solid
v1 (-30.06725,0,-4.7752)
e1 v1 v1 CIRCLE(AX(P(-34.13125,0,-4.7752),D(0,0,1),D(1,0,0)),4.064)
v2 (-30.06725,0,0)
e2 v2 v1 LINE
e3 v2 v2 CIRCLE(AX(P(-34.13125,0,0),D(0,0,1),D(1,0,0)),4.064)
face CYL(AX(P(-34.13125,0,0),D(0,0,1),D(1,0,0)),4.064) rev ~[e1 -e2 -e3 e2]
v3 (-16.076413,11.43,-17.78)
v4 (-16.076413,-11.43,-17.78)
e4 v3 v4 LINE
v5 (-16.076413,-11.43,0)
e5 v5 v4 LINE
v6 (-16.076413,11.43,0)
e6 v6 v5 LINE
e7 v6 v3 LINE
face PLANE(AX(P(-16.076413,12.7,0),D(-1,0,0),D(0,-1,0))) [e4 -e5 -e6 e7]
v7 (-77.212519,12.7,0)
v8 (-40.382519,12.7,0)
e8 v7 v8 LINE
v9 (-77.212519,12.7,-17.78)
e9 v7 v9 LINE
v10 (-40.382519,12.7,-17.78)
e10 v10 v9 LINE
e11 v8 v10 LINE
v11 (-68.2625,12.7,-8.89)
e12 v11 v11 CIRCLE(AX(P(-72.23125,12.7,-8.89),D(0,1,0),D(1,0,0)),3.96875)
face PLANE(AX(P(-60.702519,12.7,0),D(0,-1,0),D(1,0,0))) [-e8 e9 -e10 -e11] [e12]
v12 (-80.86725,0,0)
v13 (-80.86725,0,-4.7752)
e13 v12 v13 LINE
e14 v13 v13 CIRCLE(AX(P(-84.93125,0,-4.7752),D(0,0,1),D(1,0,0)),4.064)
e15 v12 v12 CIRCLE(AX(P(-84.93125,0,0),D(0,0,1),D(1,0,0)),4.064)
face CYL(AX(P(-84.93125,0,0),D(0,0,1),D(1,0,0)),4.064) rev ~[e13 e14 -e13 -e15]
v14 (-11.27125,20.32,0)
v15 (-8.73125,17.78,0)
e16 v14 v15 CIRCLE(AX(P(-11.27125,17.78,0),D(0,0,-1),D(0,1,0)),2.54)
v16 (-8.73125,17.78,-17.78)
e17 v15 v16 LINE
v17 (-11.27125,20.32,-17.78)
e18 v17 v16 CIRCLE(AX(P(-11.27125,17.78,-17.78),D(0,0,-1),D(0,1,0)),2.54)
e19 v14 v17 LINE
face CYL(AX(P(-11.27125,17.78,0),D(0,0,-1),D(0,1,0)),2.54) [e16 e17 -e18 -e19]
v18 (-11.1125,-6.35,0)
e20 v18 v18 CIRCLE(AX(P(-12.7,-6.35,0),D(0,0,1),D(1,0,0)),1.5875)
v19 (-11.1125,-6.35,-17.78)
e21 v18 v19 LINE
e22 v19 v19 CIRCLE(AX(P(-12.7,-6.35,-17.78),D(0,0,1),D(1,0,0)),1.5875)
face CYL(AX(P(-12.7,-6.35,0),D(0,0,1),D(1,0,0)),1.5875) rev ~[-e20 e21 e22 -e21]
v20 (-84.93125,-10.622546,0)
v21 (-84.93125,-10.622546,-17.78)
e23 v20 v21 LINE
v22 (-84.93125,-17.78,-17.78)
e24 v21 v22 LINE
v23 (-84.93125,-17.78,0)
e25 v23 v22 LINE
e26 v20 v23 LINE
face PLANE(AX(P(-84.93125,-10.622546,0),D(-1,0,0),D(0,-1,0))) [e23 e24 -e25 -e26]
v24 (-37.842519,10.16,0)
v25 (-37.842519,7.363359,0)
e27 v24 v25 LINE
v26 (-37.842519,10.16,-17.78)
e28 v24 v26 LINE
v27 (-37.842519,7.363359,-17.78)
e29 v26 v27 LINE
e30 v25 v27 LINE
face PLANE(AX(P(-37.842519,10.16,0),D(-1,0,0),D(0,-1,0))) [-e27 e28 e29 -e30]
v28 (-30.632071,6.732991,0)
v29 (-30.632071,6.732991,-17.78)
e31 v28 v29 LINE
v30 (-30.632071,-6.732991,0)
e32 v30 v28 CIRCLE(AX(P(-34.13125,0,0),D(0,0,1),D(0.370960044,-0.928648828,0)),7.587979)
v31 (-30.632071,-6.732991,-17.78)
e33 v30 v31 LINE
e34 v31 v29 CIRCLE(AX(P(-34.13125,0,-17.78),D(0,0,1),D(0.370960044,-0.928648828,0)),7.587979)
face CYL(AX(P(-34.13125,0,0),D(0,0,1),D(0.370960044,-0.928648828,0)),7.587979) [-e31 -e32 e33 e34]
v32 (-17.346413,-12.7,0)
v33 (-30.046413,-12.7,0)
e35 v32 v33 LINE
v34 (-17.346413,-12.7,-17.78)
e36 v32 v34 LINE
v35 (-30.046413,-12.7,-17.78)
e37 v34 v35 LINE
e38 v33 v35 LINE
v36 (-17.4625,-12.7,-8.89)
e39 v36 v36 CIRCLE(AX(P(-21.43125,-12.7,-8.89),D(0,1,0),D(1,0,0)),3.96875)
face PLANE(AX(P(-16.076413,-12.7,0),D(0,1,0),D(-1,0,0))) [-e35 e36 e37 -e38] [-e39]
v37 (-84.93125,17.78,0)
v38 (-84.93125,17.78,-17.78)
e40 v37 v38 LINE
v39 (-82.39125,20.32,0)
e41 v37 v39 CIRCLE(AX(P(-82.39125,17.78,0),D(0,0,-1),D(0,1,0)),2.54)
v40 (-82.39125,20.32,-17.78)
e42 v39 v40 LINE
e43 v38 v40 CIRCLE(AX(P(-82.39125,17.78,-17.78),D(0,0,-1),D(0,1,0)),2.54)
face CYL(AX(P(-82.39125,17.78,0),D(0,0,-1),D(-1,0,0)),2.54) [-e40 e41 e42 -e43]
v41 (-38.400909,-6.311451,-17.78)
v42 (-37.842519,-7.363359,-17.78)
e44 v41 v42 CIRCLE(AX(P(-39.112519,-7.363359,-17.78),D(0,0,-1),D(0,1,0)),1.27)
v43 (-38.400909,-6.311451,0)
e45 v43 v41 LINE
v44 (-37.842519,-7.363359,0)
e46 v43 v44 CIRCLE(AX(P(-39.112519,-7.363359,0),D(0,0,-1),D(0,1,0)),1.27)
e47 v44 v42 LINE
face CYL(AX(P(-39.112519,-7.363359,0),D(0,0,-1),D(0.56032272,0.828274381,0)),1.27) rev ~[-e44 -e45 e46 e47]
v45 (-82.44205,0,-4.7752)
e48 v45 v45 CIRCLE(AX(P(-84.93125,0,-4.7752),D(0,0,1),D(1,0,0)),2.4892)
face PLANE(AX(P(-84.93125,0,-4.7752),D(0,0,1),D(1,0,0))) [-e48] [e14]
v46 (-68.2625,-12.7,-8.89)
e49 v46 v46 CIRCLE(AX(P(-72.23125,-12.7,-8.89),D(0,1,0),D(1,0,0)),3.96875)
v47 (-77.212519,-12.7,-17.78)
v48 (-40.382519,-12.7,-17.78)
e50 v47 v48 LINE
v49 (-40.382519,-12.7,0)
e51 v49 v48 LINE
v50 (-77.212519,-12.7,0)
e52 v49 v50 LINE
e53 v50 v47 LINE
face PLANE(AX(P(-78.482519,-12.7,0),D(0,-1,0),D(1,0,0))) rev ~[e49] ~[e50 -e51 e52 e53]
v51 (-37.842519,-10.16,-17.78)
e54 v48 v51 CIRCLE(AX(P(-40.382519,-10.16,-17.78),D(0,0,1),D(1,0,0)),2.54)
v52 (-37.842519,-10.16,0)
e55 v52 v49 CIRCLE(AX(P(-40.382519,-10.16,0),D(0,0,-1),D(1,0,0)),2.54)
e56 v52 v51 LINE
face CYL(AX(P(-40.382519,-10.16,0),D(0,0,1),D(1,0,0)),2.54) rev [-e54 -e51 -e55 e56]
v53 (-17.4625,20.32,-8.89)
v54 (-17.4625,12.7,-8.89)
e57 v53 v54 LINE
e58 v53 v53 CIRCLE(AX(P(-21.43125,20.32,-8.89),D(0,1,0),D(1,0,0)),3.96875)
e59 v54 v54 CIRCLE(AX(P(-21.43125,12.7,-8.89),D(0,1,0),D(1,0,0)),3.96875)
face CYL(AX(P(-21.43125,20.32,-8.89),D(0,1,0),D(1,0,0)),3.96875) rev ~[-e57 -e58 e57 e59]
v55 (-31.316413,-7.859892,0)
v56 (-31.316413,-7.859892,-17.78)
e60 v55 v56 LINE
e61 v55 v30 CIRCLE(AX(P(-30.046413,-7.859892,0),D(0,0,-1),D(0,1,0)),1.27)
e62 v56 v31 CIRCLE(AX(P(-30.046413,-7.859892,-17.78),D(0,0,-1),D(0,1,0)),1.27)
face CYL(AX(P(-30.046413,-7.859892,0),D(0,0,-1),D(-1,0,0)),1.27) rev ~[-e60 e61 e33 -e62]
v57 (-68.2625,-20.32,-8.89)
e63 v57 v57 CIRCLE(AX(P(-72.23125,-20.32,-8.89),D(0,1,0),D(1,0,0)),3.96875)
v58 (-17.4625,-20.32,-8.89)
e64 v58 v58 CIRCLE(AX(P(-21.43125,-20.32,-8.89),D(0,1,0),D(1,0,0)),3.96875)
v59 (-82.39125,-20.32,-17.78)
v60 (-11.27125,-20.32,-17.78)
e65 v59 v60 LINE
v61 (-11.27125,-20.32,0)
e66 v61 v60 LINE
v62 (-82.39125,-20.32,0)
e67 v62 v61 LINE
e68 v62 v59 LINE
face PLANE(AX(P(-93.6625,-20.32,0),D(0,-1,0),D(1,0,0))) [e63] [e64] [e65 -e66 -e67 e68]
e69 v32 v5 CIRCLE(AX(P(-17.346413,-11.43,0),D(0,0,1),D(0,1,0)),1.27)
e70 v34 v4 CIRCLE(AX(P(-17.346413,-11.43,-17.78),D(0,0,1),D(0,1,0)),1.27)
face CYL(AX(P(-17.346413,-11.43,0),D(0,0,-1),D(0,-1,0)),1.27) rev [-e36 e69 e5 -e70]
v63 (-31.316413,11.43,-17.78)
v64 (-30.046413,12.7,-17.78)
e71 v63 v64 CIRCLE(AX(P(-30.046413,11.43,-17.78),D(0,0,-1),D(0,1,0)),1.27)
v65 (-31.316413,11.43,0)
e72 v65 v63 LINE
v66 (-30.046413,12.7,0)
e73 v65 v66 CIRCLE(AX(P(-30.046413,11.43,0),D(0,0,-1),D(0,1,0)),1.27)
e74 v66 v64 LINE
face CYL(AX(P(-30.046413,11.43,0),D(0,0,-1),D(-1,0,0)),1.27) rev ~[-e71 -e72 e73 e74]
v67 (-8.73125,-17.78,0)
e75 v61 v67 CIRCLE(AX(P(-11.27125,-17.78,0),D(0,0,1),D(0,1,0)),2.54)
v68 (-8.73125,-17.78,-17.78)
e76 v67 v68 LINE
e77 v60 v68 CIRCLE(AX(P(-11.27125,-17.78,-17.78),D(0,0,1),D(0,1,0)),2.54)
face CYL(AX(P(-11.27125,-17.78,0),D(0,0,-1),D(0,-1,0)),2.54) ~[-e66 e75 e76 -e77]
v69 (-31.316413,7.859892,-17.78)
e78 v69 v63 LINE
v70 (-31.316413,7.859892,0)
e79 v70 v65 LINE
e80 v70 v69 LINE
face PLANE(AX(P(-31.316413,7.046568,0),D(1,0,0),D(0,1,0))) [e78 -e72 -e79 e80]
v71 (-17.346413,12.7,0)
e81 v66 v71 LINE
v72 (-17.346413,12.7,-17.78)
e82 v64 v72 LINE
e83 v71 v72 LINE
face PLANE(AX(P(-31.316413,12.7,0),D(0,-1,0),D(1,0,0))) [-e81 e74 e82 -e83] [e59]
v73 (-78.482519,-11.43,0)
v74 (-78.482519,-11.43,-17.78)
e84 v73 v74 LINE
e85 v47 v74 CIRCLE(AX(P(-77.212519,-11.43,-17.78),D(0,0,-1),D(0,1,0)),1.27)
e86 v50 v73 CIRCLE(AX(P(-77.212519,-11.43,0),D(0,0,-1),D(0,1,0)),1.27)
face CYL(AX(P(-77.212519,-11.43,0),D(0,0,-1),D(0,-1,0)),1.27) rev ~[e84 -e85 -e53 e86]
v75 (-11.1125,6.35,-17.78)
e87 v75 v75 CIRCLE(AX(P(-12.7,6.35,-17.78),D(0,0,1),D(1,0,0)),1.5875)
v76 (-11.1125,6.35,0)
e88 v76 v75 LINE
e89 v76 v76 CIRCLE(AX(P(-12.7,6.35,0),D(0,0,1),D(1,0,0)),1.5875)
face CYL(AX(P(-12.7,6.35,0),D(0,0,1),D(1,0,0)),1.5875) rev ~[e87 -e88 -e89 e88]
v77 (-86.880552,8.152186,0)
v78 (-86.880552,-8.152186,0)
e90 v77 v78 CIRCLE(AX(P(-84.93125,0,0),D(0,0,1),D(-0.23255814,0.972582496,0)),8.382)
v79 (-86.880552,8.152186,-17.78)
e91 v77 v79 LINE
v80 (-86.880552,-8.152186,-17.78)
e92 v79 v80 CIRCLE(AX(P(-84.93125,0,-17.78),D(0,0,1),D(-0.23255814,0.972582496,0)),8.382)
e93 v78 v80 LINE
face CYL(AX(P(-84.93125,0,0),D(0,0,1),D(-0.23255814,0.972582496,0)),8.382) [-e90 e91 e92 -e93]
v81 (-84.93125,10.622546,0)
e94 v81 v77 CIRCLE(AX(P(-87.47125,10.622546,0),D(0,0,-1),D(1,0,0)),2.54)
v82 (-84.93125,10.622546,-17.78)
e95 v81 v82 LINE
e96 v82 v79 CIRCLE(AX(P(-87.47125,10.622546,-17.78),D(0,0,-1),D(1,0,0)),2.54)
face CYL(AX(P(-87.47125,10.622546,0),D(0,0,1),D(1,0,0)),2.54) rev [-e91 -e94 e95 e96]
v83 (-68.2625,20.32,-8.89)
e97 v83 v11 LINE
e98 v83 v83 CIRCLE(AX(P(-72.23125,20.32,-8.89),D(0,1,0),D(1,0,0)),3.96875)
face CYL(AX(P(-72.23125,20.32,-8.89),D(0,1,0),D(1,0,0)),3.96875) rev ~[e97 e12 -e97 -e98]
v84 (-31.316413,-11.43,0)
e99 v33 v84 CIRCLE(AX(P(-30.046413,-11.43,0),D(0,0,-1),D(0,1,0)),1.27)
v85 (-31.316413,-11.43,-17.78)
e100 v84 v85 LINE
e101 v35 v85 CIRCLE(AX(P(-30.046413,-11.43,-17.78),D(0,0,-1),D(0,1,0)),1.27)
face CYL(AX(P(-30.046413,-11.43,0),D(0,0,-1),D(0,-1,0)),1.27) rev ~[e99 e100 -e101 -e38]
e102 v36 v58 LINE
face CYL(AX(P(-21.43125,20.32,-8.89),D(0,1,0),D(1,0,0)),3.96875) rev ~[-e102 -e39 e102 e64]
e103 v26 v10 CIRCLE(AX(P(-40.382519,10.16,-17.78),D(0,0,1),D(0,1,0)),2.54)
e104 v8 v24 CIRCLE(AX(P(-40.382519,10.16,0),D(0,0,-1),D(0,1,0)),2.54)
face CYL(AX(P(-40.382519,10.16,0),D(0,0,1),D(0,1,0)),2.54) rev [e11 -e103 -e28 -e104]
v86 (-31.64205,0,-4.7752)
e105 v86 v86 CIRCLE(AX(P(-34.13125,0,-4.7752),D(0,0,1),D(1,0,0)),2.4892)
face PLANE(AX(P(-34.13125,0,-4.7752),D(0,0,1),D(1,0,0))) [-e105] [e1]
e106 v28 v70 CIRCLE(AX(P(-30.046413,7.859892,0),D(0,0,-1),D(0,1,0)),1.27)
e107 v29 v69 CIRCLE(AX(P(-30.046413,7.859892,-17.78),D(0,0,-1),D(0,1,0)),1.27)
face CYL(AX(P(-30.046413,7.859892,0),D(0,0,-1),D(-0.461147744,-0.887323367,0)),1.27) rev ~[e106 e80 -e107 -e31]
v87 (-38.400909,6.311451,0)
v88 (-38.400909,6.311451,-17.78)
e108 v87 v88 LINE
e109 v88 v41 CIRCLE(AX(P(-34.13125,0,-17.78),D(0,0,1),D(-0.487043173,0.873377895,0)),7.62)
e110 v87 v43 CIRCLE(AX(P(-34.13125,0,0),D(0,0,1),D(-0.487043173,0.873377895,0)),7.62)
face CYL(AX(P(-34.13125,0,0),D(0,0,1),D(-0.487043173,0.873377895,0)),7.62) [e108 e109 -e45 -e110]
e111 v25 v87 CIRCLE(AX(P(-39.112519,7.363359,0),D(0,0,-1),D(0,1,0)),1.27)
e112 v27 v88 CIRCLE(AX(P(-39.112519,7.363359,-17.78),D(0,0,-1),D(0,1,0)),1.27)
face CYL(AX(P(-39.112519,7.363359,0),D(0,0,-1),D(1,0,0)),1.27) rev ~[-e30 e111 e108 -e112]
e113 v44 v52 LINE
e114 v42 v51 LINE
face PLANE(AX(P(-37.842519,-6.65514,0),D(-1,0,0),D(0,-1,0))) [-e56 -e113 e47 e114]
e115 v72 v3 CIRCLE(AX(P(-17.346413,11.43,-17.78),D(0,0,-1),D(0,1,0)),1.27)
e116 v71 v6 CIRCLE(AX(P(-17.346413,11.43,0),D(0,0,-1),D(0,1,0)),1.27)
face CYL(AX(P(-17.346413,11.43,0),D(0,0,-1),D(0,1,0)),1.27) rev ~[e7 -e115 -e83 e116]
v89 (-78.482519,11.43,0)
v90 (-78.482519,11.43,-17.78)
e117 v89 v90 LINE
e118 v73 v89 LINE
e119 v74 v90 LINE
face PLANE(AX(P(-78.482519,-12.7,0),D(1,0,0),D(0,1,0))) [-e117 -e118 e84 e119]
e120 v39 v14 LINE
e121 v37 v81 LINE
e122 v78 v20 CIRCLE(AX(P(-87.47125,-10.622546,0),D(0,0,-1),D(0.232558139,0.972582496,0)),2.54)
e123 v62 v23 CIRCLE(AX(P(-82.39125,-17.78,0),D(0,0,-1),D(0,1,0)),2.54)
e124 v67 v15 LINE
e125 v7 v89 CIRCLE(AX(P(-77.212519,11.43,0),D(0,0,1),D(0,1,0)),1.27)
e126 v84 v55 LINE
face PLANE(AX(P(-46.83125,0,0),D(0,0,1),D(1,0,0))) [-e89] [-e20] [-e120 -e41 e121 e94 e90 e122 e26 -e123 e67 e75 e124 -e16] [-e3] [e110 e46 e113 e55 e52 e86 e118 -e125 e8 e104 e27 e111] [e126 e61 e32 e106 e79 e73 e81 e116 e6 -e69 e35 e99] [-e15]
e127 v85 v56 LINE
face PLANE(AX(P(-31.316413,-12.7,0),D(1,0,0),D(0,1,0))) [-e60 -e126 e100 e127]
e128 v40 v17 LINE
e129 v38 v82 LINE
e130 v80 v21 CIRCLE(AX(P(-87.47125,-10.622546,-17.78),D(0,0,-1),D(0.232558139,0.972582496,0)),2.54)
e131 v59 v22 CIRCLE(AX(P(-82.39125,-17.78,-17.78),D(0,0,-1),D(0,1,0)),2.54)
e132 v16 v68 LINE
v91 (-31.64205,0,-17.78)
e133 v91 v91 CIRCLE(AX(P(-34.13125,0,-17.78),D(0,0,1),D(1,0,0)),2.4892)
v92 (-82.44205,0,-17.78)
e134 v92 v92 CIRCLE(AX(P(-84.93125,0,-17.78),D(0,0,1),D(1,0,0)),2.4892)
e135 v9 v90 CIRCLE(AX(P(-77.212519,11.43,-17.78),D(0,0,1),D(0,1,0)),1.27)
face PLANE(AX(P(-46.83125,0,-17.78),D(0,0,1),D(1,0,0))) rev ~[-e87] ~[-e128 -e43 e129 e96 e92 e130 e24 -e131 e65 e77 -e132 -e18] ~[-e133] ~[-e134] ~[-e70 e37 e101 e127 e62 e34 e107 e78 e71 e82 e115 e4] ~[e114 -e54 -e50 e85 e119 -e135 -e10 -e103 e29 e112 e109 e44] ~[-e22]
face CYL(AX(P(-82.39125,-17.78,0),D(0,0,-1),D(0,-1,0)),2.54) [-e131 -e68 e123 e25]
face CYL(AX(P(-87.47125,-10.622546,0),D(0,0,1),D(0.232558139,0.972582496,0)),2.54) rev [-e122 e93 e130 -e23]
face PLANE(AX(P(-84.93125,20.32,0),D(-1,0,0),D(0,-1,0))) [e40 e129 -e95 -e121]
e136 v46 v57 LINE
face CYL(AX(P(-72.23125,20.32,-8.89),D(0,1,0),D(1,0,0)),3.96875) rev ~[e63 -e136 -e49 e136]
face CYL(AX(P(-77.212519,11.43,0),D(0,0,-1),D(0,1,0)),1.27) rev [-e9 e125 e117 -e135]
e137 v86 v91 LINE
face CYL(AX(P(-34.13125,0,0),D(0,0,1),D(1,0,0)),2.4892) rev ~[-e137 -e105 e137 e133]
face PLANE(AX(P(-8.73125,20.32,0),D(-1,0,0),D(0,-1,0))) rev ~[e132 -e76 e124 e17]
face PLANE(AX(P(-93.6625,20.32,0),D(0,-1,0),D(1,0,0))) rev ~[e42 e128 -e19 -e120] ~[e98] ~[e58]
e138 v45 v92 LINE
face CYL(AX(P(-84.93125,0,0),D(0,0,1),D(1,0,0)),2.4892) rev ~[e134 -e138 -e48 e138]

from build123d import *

# Parameters (mm, degrees)
SKETCH1_W           = 93.6625
SKETCH1_H           = 40.64
SKETCH1_R           = 2.4892
SKETCH1_R_2         = 1.5875
BOSS_EXTRUDE1_DEPTH = 17.78
SKETCH6_R           = 3.96875
CUT_EXTRUDE4_DEPTH  = 41.64
CUT_EXTRUDE3_DEPTH  = 17.78
FILLET1_R           = 2.54
SKETCH3_R           = 4.064
CUT_EXTRUDE5_DEPTH  = 4.7752
SKETCH7_W           = 9.113549332
SKETCH7_H           = 21.245092044
CUT_EXTRUDE6_DEPTH  = 18.78
SKETCH8_W           = 17.78
SKETCH8_H           = 25.4
CUT_EXTRUDE7_DEPTH  = 17.78
FILLET2_R           = 1.27


with BuildPart() as part:
    # Sketch1 → Boss-Extrude1 (new body)
    with BuildSketch(Plane.XY):
        with Locations((-46.83125, 0)):
            Rectangle(SKETCH1_W, SKETCH1_H)
        with Locations((-84.93125, 0)):
            Circle(SKETCH1_R, mode=Mode.SUBTRACT)
        with Locations((-34.13125, 0)):
            Circle(SKETCH1_R, mode=Mode.SUBTRACT)
        with Locations((-12.7, 6.35)):
            Circle(SKETCH1_R_2, mode=Mode.SUBTRACT)
        with Locations((-12.7, -6.35)):
            Circle(SKETCH1_R_2, mode=Mode.SUBTRACT)
    extrude(amount=-BOSS_EXTRUDE1_DEPTH)

    # Sketch6 → Cut-Extrude4 (cut, through all)
    with BuildSketch(Plane(origin=(0, 20.32, 0), x_dir=(1, 0, 0), z_dir=(0, 1, 0))):
        with Locations((-72.23125, 8.89)):
            Circle(SKETCH6_R)
        with Locations((-21.43125, 8.89)):
            Circle(SKETCH6_R)
    extrude(amount=-CUT_EXTRUDE4_DEPTH, mode=Mode.SUBTRACT)

    # Sketch5 → Cut-Extrude3 (cut)
    with BuildSketch(Plane.XY):
        with BuildLine():
            Line((-93.6625, -20.32), (-93.6625, 20.32))
            Line((-93.6625, 20.32), (-84.93125, 20.32))
            Line((-84.93125, 20.32), (-84.93125, 10.622546022))
            ThreePointArc((-84.93125, 10.622546022), (-85.477262526, 9.049137635), (-86.880552326, 8.152186482))
            ThreePointArc((-86.880552326, 8.152186482), (-93.31325, 0), (-86.880552326, -8.152186482))
            ThreePointArc((-86.880552326, -8.152186482), (-85.477262526, -9.049137635), (-84.93125, -10.622546022))
            Line((-84.93125, -10.622546022), (-84.93125, -20.32))
            Line((-84.93125, -20.32), (-93.6625, -20.32))
        make_face()
        with BuildLine():
            Line((0, -20.32), (0, 20.32))
            Line((0, 20.32), (-8.73125, 20.32))
            Line((-8.73125, 20.32), (-8.73125, 10.622546022))
            ThreePointArc((-8.73125, 10.622546022), (-8.185237474, 9.049137635), (-6.781947674, 8.152186482))
            ThreePointArc((-6.781947674, 8.152186482), (-0.34925, 0), (-6.781947674, -8.152186482))
            ThreePointArc((-6.781947674, -8.152186482), (-8.185237474, -9.049137635), (-8.73125, -10.622546022))
            Line((-8.73125, -10.622546022), (-8.73125, -20.32))
            Line((-8.73125, -20.32), (0, -20.32))
        make_face()
    extrude(amount=-CUT_EXTRUDE3_DEPTH, mode=Mode.SUBTRACT)

    # Fillet1
    fillet1_edges = [part.edges().sort_by_distance(p)[0] for p in [
        (-84.93125, 20.32, -8.89),
        (-84.93125, -20.32, -8.89),
        (-8.73125, 20.32, -8.89),
        (-8.73125, -20.32, -8.89),
    ]]
    fillet(fillet1_edges, radius=FILLET1_R)

    # Sketch3 → Cut-Extrude5 (cut)
    with BuildSketch(Plane.XY):
        with Locations((-84.93125, 0)):
            Circle(SKETCH3_R)
        with Locations((-34.13125, 0)):
            Circle(SKETCH3_R)
    extrude(amount=-CUT_EXTRUDE5_DEPTH, mode=Mode.SUBTRACT)

    # Sketch7 → Cut-Extrude6 (cut, through all)
    with BuildSketch(Plane.XY):
        with BuildLine():
            Line((-37.842518981, 10.16), (-37.842518981, 6.655139559))
            ThreePointArc((-37.842518981, 6.655139559), (-41.75125, 0), (-37.842518981, -6.655139559))
            Line((-37.842518981, -6.655139559), (-37.842518981, -10.16))
            ThreePointArc((-37.842518981, -10.16), (-38.586467757, -11.956051224), (-40.382518981, -12.7))
            Line((-40.382518981, -12.7), (-60.702518981, -12.7))
            ThreePointArc((-60.702518981, -12.7), (-62.498570205, -11.956051224), (-63.242518981, -10.16))
            Line((-63.242518981, -10.16), (-63.242518981, 10.16))
            ThreePointArc((-63.242518981, 10.16), (-62.498570205, 11.956051224), (-60.702518981, 12.7))
            Line((-60.702518981, 12.7), (-40.382518981, 12.7))
            ThreePointArc((-40.382518981, 12.7), (-38.586467757, 11.956051224), (-37.842518981, 10.16))
        make_face()
        with Locations((-4.174475334, 0)):
            Rectangle(SKETCH7_W, SKETCH7_H)
    extrude(amount=-CUT_EXTRUDE6_DEPTH, mode=Mode.SUBTRACT)

    # Sketch8 → Cut-Extrude7 (cut)
    with BuildSketch(Plane.XY):
        with Locations((-69.592518981, 0)):
            Rectangle(SKETCH8_W, SKETCH8_H)
        with BuildLine():
            Line((-31.316413003, 12.7), (-16.076413003, 12.7))
            Line((-16.076413003, 12.7), (-16.076413003, -12.7))
            Line((-16.076413003, -12.7), (-31.316413003, -12.7))
            Line((-31.316413003, -12.7), (-31.316413003, -7.046567735))
            ThreePointArc((-31.316413003, -7.046567735), (-26.543271075, 0), (-31.316413003, 7.046567735))
            Line((-31.316413003, 7.046567735), (-31.316413003, 12.7))
        make_face()
    extrude(amount=-CUT_EXTRUDE7_DEPTH, mode=Mode.SUBTRACT)

    # Fillet2
    fillet2_edges = [part.edges().sort_by_distance(p)[0] for p in [
        (-37.842518981, 6.655139559, -8.89),
        (-37.842518981, -6.655139559, -8.89),
        (-78.482518981, 12.7, -8.89),
        (-78.482518981, -12.7, -8.89),
        (-16.076413003, -12.7, -8.89),
        (-31.316413003, 12.7, -8.89),
        (-31.316413003, -12.7, -8.89),
        (-16.076413003, 12.7, -8.89),
        (-31.316413003, 7.046567735, -8.89),
        (-31.316413003, -7.046567735, -8.89),
    ]]
    fillet(fillet2_edges, radius=FILLET2_R)


solid = part.part
